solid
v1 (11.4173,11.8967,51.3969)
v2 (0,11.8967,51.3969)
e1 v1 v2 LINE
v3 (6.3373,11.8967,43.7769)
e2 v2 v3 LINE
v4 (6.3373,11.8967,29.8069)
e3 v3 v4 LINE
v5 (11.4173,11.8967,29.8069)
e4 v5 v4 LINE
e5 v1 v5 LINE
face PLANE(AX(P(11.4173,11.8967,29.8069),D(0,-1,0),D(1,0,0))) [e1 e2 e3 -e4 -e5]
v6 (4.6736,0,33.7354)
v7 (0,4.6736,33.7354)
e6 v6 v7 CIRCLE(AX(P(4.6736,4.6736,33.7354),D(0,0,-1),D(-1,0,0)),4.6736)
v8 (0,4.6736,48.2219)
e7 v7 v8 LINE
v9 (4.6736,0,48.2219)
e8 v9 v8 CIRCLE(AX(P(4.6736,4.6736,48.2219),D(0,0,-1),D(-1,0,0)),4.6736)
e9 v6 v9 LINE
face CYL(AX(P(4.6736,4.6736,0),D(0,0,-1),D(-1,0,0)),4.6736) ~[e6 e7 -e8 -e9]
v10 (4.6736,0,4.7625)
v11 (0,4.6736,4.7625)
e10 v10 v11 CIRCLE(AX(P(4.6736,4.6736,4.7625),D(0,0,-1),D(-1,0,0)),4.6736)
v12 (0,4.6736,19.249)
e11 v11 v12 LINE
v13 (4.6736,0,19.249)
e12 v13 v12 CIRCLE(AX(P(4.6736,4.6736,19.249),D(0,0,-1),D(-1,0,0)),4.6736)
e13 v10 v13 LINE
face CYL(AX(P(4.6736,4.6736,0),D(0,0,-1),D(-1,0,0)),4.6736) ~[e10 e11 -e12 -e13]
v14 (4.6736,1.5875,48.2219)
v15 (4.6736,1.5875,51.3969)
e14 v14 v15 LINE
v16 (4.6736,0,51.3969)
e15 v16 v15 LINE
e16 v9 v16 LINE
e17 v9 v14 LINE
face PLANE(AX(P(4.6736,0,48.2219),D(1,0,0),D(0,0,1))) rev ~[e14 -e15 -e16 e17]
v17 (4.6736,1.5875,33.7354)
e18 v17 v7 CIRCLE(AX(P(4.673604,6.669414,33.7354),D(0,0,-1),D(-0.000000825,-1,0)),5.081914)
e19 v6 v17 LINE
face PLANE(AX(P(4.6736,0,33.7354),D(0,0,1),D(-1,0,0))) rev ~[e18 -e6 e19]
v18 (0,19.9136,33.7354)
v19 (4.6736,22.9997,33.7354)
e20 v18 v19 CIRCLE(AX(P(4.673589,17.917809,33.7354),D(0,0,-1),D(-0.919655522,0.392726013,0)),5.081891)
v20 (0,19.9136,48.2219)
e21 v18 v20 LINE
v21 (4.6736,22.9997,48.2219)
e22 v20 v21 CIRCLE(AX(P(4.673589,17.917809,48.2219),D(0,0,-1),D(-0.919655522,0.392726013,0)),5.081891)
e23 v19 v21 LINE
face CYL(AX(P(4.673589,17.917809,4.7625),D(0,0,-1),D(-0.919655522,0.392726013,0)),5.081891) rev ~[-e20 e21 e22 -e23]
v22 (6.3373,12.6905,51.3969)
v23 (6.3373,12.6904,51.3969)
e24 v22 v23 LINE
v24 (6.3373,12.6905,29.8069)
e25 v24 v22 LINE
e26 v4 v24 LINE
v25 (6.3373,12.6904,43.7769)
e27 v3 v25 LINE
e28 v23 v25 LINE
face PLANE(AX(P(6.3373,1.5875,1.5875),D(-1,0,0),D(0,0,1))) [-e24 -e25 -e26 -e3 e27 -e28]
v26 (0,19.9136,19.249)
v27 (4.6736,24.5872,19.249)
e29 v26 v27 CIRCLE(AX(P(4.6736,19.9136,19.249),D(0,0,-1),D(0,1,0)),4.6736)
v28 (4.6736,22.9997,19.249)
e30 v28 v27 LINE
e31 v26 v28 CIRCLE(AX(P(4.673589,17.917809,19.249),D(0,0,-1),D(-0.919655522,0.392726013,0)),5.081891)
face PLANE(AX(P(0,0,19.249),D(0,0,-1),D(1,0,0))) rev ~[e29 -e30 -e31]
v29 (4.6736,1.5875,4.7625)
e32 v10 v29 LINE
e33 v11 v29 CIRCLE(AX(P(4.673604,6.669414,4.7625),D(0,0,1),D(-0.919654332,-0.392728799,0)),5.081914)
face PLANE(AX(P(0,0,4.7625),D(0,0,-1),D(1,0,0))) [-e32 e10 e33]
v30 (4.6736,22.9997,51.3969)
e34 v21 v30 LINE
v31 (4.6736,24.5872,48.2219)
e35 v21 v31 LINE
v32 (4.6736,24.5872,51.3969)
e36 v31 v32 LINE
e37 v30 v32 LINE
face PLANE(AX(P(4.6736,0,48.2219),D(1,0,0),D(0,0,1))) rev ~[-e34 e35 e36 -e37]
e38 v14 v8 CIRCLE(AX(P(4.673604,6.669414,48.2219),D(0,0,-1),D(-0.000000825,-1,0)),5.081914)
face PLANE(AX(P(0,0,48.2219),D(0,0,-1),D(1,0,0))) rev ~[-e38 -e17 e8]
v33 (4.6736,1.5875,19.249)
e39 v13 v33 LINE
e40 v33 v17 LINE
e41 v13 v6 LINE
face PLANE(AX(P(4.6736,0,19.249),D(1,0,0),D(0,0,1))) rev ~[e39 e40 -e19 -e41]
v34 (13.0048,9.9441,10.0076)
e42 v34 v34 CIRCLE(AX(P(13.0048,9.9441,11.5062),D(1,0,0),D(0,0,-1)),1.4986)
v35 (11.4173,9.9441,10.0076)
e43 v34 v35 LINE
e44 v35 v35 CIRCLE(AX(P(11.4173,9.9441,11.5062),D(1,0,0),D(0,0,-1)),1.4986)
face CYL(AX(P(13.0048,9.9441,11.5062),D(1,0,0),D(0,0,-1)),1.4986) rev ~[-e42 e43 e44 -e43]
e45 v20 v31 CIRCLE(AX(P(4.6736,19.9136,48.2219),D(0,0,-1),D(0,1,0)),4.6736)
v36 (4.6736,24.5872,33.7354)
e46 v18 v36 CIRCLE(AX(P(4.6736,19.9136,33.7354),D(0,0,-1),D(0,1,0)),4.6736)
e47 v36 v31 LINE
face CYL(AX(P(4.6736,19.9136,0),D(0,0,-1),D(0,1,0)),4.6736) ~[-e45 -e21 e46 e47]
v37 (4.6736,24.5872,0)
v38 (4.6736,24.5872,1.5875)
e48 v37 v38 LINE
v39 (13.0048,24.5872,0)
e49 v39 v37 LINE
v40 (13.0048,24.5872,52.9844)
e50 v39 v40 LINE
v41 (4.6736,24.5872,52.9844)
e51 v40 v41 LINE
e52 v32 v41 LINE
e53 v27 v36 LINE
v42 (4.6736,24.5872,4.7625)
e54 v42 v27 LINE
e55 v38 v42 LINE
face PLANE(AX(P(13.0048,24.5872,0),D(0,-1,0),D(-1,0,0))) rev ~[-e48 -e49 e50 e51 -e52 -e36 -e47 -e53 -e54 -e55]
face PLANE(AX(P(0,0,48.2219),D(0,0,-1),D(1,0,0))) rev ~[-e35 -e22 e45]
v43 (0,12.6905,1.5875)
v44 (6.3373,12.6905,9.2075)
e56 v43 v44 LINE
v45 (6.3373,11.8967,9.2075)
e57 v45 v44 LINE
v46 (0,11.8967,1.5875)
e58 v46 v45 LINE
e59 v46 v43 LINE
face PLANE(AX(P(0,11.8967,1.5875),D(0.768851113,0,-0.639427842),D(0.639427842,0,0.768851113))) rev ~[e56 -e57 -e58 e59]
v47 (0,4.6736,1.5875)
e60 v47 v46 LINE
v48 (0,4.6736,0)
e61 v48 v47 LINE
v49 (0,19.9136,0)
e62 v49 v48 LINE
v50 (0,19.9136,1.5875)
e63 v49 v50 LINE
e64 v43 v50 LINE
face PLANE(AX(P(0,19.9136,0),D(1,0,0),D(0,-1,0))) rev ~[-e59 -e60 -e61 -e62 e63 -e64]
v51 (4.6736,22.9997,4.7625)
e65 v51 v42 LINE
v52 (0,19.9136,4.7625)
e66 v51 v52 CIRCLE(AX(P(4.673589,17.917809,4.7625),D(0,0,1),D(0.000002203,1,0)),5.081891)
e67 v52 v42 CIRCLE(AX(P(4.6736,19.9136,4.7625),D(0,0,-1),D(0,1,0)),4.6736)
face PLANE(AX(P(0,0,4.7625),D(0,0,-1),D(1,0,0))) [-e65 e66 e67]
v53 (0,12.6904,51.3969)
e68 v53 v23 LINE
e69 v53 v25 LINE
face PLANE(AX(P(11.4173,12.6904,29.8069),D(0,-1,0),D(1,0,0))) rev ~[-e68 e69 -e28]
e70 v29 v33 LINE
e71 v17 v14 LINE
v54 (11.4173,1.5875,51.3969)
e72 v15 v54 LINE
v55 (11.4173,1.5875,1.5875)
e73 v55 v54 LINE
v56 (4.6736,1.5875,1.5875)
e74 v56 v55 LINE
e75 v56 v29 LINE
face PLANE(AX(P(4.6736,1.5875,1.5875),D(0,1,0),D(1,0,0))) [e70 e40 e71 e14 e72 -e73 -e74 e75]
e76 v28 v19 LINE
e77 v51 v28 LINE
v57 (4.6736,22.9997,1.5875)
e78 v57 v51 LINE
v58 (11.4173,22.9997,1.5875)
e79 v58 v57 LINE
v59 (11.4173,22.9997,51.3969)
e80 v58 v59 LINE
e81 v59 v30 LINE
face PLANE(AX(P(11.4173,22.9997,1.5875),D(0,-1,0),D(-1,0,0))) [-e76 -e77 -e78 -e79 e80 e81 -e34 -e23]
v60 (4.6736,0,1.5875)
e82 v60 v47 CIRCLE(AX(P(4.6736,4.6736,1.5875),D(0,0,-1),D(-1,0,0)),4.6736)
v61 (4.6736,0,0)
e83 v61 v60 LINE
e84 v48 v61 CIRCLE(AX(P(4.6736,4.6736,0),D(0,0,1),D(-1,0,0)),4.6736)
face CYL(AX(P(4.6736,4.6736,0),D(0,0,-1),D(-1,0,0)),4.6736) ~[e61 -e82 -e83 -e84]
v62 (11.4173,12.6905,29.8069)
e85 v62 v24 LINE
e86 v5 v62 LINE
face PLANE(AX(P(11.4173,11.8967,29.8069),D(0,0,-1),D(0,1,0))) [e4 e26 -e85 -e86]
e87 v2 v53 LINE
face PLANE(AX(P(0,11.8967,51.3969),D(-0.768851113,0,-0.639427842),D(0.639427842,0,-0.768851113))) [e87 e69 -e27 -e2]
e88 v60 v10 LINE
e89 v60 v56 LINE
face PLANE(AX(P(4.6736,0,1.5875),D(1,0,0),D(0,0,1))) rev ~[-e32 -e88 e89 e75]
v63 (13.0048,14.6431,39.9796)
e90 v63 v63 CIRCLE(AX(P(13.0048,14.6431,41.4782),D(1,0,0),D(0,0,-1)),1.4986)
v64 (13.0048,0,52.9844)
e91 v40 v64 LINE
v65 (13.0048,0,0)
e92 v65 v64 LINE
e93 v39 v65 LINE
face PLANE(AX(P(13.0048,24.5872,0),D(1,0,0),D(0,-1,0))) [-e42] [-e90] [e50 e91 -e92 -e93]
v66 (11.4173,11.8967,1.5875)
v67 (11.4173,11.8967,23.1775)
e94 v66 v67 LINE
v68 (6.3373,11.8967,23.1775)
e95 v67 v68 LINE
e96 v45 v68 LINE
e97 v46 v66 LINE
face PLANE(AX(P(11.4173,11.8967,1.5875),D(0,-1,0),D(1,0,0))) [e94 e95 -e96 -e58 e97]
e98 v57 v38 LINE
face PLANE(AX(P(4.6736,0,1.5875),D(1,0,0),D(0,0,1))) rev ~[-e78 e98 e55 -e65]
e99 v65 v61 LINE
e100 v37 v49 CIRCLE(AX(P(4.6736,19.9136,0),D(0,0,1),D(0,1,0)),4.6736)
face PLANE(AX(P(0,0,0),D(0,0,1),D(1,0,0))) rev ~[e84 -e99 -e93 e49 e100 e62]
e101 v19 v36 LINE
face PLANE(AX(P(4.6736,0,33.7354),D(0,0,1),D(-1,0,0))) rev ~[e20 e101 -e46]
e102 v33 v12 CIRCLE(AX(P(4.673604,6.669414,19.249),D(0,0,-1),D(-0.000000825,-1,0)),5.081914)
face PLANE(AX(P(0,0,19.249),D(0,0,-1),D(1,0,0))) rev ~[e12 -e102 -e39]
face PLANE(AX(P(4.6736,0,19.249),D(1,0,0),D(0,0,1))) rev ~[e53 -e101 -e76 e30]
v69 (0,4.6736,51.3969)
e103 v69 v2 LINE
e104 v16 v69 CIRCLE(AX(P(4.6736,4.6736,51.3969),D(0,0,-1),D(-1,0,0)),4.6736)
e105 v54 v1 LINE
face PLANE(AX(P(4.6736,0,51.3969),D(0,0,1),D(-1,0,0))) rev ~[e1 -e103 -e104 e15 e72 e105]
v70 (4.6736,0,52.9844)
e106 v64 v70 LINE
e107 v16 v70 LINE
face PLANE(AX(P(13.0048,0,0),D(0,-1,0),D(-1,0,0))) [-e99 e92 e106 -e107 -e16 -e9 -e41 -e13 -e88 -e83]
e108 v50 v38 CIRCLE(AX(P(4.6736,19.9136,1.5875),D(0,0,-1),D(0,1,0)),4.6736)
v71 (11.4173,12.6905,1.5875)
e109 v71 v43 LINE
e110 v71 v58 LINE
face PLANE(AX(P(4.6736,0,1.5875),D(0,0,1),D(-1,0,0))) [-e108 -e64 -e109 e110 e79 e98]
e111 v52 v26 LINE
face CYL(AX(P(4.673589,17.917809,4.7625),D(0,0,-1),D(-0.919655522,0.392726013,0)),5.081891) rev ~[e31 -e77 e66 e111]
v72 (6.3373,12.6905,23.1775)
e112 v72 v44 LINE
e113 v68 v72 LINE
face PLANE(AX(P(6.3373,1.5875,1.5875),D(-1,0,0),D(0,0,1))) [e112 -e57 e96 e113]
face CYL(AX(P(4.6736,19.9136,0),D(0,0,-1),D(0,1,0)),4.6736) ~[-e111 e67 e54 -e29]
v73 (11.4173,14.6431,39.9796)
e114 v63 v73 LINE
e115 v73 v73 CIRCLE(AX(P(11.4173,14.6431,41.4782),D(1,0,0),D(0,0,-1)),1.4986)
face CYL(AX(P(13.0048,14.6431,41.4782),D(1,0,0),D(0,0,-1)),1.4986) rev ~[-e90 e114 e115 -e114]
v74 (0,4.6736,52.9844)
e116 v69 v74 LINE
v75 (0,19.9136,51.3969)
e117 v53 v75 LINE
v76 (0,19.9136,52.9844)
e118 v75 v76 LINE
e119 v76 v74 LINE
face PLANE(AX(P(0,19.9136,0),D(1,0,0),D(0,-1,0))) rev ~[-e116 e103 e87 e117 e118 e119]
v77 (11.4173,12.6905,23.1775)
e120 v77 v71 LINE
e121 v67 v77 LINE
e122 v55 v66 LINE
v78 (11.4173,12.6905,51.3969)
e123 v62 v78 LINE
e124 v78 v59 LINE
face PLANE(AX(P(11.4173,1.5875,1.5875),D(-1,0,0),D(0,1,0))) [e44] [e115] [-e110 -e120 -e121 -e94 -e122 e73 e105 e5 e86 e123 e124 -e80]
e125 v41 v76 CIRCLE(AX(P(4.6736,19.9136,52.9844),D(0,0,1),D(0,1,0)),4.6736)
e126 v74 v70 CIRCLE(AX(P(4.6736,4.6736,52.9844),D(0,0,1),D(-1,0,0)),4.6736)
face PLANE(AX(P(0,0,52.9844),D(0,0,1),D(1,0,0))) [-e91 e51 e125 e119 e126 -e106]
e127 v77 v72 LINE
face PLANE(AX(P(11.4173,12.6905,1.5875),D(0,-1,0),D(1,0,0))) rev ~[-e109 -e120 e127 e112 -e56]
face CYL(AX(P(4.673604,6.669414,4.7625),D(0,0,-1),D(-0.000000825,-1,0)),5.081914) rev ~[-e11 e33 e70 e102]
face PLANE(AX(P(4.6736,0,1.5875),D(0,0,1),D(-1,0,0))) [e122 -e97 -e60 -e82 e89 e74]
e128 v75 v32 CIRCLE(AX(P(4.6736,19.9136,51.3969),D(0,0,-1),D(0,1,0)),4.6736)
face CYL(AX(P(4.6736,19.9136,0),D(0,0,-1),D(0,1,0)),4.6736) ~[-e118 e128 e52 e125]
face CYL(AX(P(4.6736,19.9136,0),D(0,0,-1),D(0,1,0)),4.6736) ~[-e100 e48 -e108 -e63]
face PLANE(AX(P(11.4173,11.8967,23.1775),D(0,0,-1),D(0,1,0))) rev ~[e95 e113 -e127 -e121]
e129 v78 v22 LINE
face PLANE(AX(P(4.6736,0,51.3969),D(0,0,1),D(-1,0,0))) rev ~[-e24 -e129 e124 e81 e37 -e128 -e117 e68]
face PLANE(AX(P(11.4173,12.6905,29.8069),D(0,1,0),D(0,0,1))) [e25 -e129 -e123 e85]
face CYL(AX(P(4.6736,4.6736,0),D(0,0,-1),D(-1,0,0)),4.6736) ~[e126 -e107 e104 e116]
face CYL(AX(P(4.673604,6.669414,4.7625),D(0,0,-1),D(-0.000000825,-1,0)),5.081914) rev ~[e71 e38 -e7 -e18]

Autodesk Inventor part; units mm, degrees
ref_plane "YZ Plane" through (0, 0, 0) normal (1, 0, 0) x (0, 1, 0)
ref_plane "XZ Plane" through (0, 0, 0) normal (0, 1, 0) x (-1, 0, 0)
ref_plane "XY Plane" through (0, 0, 0) normal (0, 0, 1) x (1, 0, 0)
sketch "Sketch1" plane through (0, 0, 0) normal (0, 0, 1) x (1, 0, 0)
  line L0 (13.0048, 24.5872) -> (13.0048, 0)
  line L1 (13.0048, 0) -> (4.6736, 0)
  line L2 (13.0048, 24.5872) -> (4.6736, 24.5872)
  line L3 (0, 19.9136) -> (0, 4.6736)
  arc A0 (4.6736, 24.5872) -> (0, 19.9136) centre (4.6736, 19.9136) ccw
  arc A1 (0, 4.6736) -> (4.6736, 0) centre (4.6736, 4.6736) ccw
  point P0 (0, 0)
  dimension "d0" = 13.0048
  dimension "d1" = 24.5872
  dimension "d2" = 15.24
extrude "Extrusion1" add sketch "Sketch1" along normal blind 52.9844
sketch "Sketch2" plane through (4.6736, 0, 0) normal (0, -1, 0) x (1, 0, 0)
  line L0 (0, 0) -> (0, 52.9844) projected
  line L1 (0, 1.5875) -> (-4.6736, 1.5875)
  line L2 (-4.6736, 1.5875) -> (-4.6736, 4.7625)
  line L3 (-4.6736, 4.7625) -> (0, 4.7625)
  line L4 (0, 4.7625) -> (0, 1.5875)
  line L5 (-4.6736, 19.249) -> (0, 19.249)
  line L6 (0, 19.249) -> (0, 33.7354)
  line L7 (0, 33.7354) -> (-4.6736, 33.7354)
  line L8 (-4.6736, 33.7354) -> (-4.6736, 19.249)
  line L9 (-4.6736, 48.2219) -> (0, 48.2219)
  line L10 (0, 48.2219) -> (0, 51.3969)
  line L11 (0, 51.3969) -> (-4.6736, 51.3969)
  line L12 (-4.6736, 51.3969) -> (-4.6736, 48.2219)
  line L13 (-4.6736, 0) -> (0, 0) projected
  line L14 (-4.6736, 52.9844) -> (0, 52.9844) projected
  dimension "d5" = 1.5875
  dimension "d6" = 1.5875
  dimension "d7" = 3.175
  dimension "d8" = 3.175
  dimension "d9" = 14.4865
  dimension "d10" = 14.4865
  dimension "d11" = 14.4865
extrude "Extrusion2" cut sketch "Sketch2" against normal through all
sketch "Sketch6" plane through (0, 0, 0) normal (0, 0, -1) x (-1, 0, 0)
  line L0 (-13.0048, 24.5872) -> (-13.0048, 0) projected
  line L1 (-13.0048, 0) -> (-4.6736, 0) projected
  arc A0 (-4.6736, 0) -> (0, 4.6736) centre (-4.6736, 4.6736) ccw projected
  line L2 (0, 4.6736) -> (0, 19.9136) projected
  arc A1 (0, 19.9136) -> (-4.6736, 24.5872) centre (-4.6736, 19.9136) ccw projected
  line L3 (-4.6736, 24.5872) -> (-13.0048, 24.5872) projected
  line L4 (-1.5875, 19.9136) -> (-1.5875, 4.6736)
  arc A2 (-4.6736, 1.5875) -> (-1.5875, 4.6736) centre (-4.6736, 4.6736) ccw
  line L5 (-4.6736, 1.5875) -> (-11.4173, 1.5875)
  line L6 (-11.4173, 1.5875) -> (-11.4173, 22.9997)
  line L7 (-11.4173, 22.9997) -> (-4.6736, 22.9997)
  arc A3 (-1.5875, 19.9136) -> (-4.6736, 22.9997) centre (-4.6736, 19.9136) ccw
  point P0 (0, 0)
  dimension "d14" = 1.5875
extrude "Extrusion3" cut sketch "Sketch6" against normal up to surface (49.8094 mm away) from surface at -1.5875 contours L4 A2 L5 L6 L7 A3
sketch "Sketch7" plane through (0, 0, 0) normal (0, 0, -1) x (-1, 0, 0)
  line L0 (-13.0048, 24.5872) -> (-13.0048, 0) projected
  line L1 (-13.0048, 0) -> (-4.6736, 0) projected
  arc A0 (-4.6736, 0) -> (0, 4.6736) centre (-4.6736, 4.6736) ccw projected
  line L2 (0, 4.6736) -> (0, 19.9136) projected
  arc A1 (0, 19.9136) -> (-4.6736, 24.5872) centre (-4.6736, 19.9136) ccw projected
  line L3 (-4.6736, 24.5872) -> (-13.0048, 24.5872) projected
  line L4 (-1.5875, 23.4234) -> (-1.5875, 1.1638)
  arc A2 (-1.5875, 19.9136) -> (-4.6736, 22.9997) centre (-4.6736, 19.9136) ccw
  line L5 (-1.5875, 19.9136) -> (-1.5875, 4.6736)
  arc A3 (-4.6736, 1.5875) -> (-1.5875, 4.6736) centre (-4.6736, 4.6736) ccw
  line L6 (-4.6736, 1.5875) -> (-11.4173, 1.5875)
  line L7 (-11.4173, 1.5875) -> (-11.4173, 22.9997)
  line L8 (-11.4173, 22.9997) -> (-4.6736, 22.9997)
  arc A4 (0, 19.9136) -> (-4.6736, 22.9997) centre (-4.6736, 17.9178) ccw
  arc A5 (-4.6736, 1.5875) -> (0, 4.6736) centre (-4.6736, 6.6694) ccw
  point P0 (0, 0)
  dimension "d17" = 1.5875
  dimension "d20" = 1.5875
extrude "Extrusion4" cut sketch "Sketch7" against normal up to surface (43.4594 mm away) from surface at -4.7625 contours L2 A5 L4 A4 | L4 A2 A4 | A5 A3 L4
sketch "Sketch8" plane through (11.4173, 1.5875, 1.5875) normal (-1, 0, 0) x (0, 0, 1)
  line L0 (0, 0) -> (0, 21.4122) projected
  line L1 (0, 0) -> (49.8094, 0) projected
  line L2 (49.8094, 21.4122) -> (49.8094, 0) projected
  line L3 (0, 21.4122) -> (49.8094, 21.4122) projected
  line L4 (0, 10.3092) -> (21.59, 10.3092)
  line L5 (21.59, 10.3092) -> (21.59, 11.103)
  line L6 (21.59, 11.103) -> (0, 11.103)
  line L7 (0, 11.103) -> (0, 10.3092)
  line L8 (49.8094, 10.3092) -> (28.2194, 10.3092)
  line L9 (28.2194, 10.3092) -> (28.2194, 11.103)
  line L10 (28.2194, 11.103) -> (49.8094, 11.103)
  line L11 (49.8094, 11.103) -> (49.8094, 10.3092)
  point P0 (-1.5875, -1.5875)
  dimension "d23" = 0.7937
  dimension "d24" = 0.7937
  dimension "d25" = 10.3092
  dimension "d26" = 10.3092
  dimension "d27" = 10.3092
  dimension "d28" = 21.59
  dimension "d29" = 21.59
extrude "Extrusion5" add sketch "Sketch8" along normal blind 5.08 contours L0 L6 L5 L4 | L8 L9 L10 L2
sketch "Sketch10" plane through (11.4173, 11.8967, 1.5875) normal (0, -1, 0) x (1, 0, 0)
  line L0 (-5.08, 21.59) -> (-5.08, 0) projected
  line L1 (-11.4173, 0) -> (-5.08, 7.62)
  line L2 (-5.08, 7.62) -> (-5.08, 0)
  line L3 (-11.4173, 0) -> (-5.08, 0)
  point P0 (-11.4173, -1.5875)
  dimension "d32" = 7.62
extrude "Extrusion6" add sketch "Sketch10" against normal up to surface (0.7938 mm away) from surface at 0
sketch "Sketch11" plane through (11.4173, 11.8967, 29.8069) normal (0, -1, 0) x (1, 0, 0)
  line L0 (-5.08, 21.59) -> (-5.08, 0) projected
  line L1 (-11.4173, 21.59) -> (-5.08, 13.97)
  line L2 (-5.08, 13.97) -> (-5.08, 21.59)
  line L3 (-5.08, 21.59) -> (-11.4173, 21.59)
  line L4 (-6.7437, 21.59) -> (-11.4173, 21.59) projected
  line L5 (-11.4173, 21.59) -> (-11.4173, 23.1775) projected
  point P0 (-11.4173, -29.8069)
  dimension "d35" = 7.62
extrude "Extrusion7" add sketch "Sketch11" against normal up to surface (0.7937 mm away) from surface at 0
sketch "Sketch12" plane through (13.0048, 0, 0) normal (1, 0, 0) x (0, 0, -1)
  line L0 (0, 0) -> (-52.9844, 0) projected
  line L1 (0, 24.5872) -> (0, 0) projected
  circle A0 centre (-11.5062, 9.9441) radius 1.4986
  circle A1 centre (-41.4782, 14.6431) radius 1.4986
  dimension "d38" = 2.9972
  dimension "d39" = 29.972
  dimension "d40" = 4.699
  dimension "d41" = 52.9844
  dimension "d42" = 24.5872
  dimension "d43" = 9.9441
  dimension "d44" = 11.5062
extrude "Extrusion8" cut sketch "Sketch12" against normal up to surface (1.5875 mm away) from surface at 0
equation "\"d9\" = d11"
equation "\"d10\" = d11"
equation "\"d24\" = d23"
equation "\"d25\" = d26"
equation "\"d27\" = d25"
equation "\"d43\" = -0.5 * d40 + 0.5 * d42"
equation "\"d44\" = -0.5 * d39 + 0.5 * d41"
properties part number "aaa_holder"
